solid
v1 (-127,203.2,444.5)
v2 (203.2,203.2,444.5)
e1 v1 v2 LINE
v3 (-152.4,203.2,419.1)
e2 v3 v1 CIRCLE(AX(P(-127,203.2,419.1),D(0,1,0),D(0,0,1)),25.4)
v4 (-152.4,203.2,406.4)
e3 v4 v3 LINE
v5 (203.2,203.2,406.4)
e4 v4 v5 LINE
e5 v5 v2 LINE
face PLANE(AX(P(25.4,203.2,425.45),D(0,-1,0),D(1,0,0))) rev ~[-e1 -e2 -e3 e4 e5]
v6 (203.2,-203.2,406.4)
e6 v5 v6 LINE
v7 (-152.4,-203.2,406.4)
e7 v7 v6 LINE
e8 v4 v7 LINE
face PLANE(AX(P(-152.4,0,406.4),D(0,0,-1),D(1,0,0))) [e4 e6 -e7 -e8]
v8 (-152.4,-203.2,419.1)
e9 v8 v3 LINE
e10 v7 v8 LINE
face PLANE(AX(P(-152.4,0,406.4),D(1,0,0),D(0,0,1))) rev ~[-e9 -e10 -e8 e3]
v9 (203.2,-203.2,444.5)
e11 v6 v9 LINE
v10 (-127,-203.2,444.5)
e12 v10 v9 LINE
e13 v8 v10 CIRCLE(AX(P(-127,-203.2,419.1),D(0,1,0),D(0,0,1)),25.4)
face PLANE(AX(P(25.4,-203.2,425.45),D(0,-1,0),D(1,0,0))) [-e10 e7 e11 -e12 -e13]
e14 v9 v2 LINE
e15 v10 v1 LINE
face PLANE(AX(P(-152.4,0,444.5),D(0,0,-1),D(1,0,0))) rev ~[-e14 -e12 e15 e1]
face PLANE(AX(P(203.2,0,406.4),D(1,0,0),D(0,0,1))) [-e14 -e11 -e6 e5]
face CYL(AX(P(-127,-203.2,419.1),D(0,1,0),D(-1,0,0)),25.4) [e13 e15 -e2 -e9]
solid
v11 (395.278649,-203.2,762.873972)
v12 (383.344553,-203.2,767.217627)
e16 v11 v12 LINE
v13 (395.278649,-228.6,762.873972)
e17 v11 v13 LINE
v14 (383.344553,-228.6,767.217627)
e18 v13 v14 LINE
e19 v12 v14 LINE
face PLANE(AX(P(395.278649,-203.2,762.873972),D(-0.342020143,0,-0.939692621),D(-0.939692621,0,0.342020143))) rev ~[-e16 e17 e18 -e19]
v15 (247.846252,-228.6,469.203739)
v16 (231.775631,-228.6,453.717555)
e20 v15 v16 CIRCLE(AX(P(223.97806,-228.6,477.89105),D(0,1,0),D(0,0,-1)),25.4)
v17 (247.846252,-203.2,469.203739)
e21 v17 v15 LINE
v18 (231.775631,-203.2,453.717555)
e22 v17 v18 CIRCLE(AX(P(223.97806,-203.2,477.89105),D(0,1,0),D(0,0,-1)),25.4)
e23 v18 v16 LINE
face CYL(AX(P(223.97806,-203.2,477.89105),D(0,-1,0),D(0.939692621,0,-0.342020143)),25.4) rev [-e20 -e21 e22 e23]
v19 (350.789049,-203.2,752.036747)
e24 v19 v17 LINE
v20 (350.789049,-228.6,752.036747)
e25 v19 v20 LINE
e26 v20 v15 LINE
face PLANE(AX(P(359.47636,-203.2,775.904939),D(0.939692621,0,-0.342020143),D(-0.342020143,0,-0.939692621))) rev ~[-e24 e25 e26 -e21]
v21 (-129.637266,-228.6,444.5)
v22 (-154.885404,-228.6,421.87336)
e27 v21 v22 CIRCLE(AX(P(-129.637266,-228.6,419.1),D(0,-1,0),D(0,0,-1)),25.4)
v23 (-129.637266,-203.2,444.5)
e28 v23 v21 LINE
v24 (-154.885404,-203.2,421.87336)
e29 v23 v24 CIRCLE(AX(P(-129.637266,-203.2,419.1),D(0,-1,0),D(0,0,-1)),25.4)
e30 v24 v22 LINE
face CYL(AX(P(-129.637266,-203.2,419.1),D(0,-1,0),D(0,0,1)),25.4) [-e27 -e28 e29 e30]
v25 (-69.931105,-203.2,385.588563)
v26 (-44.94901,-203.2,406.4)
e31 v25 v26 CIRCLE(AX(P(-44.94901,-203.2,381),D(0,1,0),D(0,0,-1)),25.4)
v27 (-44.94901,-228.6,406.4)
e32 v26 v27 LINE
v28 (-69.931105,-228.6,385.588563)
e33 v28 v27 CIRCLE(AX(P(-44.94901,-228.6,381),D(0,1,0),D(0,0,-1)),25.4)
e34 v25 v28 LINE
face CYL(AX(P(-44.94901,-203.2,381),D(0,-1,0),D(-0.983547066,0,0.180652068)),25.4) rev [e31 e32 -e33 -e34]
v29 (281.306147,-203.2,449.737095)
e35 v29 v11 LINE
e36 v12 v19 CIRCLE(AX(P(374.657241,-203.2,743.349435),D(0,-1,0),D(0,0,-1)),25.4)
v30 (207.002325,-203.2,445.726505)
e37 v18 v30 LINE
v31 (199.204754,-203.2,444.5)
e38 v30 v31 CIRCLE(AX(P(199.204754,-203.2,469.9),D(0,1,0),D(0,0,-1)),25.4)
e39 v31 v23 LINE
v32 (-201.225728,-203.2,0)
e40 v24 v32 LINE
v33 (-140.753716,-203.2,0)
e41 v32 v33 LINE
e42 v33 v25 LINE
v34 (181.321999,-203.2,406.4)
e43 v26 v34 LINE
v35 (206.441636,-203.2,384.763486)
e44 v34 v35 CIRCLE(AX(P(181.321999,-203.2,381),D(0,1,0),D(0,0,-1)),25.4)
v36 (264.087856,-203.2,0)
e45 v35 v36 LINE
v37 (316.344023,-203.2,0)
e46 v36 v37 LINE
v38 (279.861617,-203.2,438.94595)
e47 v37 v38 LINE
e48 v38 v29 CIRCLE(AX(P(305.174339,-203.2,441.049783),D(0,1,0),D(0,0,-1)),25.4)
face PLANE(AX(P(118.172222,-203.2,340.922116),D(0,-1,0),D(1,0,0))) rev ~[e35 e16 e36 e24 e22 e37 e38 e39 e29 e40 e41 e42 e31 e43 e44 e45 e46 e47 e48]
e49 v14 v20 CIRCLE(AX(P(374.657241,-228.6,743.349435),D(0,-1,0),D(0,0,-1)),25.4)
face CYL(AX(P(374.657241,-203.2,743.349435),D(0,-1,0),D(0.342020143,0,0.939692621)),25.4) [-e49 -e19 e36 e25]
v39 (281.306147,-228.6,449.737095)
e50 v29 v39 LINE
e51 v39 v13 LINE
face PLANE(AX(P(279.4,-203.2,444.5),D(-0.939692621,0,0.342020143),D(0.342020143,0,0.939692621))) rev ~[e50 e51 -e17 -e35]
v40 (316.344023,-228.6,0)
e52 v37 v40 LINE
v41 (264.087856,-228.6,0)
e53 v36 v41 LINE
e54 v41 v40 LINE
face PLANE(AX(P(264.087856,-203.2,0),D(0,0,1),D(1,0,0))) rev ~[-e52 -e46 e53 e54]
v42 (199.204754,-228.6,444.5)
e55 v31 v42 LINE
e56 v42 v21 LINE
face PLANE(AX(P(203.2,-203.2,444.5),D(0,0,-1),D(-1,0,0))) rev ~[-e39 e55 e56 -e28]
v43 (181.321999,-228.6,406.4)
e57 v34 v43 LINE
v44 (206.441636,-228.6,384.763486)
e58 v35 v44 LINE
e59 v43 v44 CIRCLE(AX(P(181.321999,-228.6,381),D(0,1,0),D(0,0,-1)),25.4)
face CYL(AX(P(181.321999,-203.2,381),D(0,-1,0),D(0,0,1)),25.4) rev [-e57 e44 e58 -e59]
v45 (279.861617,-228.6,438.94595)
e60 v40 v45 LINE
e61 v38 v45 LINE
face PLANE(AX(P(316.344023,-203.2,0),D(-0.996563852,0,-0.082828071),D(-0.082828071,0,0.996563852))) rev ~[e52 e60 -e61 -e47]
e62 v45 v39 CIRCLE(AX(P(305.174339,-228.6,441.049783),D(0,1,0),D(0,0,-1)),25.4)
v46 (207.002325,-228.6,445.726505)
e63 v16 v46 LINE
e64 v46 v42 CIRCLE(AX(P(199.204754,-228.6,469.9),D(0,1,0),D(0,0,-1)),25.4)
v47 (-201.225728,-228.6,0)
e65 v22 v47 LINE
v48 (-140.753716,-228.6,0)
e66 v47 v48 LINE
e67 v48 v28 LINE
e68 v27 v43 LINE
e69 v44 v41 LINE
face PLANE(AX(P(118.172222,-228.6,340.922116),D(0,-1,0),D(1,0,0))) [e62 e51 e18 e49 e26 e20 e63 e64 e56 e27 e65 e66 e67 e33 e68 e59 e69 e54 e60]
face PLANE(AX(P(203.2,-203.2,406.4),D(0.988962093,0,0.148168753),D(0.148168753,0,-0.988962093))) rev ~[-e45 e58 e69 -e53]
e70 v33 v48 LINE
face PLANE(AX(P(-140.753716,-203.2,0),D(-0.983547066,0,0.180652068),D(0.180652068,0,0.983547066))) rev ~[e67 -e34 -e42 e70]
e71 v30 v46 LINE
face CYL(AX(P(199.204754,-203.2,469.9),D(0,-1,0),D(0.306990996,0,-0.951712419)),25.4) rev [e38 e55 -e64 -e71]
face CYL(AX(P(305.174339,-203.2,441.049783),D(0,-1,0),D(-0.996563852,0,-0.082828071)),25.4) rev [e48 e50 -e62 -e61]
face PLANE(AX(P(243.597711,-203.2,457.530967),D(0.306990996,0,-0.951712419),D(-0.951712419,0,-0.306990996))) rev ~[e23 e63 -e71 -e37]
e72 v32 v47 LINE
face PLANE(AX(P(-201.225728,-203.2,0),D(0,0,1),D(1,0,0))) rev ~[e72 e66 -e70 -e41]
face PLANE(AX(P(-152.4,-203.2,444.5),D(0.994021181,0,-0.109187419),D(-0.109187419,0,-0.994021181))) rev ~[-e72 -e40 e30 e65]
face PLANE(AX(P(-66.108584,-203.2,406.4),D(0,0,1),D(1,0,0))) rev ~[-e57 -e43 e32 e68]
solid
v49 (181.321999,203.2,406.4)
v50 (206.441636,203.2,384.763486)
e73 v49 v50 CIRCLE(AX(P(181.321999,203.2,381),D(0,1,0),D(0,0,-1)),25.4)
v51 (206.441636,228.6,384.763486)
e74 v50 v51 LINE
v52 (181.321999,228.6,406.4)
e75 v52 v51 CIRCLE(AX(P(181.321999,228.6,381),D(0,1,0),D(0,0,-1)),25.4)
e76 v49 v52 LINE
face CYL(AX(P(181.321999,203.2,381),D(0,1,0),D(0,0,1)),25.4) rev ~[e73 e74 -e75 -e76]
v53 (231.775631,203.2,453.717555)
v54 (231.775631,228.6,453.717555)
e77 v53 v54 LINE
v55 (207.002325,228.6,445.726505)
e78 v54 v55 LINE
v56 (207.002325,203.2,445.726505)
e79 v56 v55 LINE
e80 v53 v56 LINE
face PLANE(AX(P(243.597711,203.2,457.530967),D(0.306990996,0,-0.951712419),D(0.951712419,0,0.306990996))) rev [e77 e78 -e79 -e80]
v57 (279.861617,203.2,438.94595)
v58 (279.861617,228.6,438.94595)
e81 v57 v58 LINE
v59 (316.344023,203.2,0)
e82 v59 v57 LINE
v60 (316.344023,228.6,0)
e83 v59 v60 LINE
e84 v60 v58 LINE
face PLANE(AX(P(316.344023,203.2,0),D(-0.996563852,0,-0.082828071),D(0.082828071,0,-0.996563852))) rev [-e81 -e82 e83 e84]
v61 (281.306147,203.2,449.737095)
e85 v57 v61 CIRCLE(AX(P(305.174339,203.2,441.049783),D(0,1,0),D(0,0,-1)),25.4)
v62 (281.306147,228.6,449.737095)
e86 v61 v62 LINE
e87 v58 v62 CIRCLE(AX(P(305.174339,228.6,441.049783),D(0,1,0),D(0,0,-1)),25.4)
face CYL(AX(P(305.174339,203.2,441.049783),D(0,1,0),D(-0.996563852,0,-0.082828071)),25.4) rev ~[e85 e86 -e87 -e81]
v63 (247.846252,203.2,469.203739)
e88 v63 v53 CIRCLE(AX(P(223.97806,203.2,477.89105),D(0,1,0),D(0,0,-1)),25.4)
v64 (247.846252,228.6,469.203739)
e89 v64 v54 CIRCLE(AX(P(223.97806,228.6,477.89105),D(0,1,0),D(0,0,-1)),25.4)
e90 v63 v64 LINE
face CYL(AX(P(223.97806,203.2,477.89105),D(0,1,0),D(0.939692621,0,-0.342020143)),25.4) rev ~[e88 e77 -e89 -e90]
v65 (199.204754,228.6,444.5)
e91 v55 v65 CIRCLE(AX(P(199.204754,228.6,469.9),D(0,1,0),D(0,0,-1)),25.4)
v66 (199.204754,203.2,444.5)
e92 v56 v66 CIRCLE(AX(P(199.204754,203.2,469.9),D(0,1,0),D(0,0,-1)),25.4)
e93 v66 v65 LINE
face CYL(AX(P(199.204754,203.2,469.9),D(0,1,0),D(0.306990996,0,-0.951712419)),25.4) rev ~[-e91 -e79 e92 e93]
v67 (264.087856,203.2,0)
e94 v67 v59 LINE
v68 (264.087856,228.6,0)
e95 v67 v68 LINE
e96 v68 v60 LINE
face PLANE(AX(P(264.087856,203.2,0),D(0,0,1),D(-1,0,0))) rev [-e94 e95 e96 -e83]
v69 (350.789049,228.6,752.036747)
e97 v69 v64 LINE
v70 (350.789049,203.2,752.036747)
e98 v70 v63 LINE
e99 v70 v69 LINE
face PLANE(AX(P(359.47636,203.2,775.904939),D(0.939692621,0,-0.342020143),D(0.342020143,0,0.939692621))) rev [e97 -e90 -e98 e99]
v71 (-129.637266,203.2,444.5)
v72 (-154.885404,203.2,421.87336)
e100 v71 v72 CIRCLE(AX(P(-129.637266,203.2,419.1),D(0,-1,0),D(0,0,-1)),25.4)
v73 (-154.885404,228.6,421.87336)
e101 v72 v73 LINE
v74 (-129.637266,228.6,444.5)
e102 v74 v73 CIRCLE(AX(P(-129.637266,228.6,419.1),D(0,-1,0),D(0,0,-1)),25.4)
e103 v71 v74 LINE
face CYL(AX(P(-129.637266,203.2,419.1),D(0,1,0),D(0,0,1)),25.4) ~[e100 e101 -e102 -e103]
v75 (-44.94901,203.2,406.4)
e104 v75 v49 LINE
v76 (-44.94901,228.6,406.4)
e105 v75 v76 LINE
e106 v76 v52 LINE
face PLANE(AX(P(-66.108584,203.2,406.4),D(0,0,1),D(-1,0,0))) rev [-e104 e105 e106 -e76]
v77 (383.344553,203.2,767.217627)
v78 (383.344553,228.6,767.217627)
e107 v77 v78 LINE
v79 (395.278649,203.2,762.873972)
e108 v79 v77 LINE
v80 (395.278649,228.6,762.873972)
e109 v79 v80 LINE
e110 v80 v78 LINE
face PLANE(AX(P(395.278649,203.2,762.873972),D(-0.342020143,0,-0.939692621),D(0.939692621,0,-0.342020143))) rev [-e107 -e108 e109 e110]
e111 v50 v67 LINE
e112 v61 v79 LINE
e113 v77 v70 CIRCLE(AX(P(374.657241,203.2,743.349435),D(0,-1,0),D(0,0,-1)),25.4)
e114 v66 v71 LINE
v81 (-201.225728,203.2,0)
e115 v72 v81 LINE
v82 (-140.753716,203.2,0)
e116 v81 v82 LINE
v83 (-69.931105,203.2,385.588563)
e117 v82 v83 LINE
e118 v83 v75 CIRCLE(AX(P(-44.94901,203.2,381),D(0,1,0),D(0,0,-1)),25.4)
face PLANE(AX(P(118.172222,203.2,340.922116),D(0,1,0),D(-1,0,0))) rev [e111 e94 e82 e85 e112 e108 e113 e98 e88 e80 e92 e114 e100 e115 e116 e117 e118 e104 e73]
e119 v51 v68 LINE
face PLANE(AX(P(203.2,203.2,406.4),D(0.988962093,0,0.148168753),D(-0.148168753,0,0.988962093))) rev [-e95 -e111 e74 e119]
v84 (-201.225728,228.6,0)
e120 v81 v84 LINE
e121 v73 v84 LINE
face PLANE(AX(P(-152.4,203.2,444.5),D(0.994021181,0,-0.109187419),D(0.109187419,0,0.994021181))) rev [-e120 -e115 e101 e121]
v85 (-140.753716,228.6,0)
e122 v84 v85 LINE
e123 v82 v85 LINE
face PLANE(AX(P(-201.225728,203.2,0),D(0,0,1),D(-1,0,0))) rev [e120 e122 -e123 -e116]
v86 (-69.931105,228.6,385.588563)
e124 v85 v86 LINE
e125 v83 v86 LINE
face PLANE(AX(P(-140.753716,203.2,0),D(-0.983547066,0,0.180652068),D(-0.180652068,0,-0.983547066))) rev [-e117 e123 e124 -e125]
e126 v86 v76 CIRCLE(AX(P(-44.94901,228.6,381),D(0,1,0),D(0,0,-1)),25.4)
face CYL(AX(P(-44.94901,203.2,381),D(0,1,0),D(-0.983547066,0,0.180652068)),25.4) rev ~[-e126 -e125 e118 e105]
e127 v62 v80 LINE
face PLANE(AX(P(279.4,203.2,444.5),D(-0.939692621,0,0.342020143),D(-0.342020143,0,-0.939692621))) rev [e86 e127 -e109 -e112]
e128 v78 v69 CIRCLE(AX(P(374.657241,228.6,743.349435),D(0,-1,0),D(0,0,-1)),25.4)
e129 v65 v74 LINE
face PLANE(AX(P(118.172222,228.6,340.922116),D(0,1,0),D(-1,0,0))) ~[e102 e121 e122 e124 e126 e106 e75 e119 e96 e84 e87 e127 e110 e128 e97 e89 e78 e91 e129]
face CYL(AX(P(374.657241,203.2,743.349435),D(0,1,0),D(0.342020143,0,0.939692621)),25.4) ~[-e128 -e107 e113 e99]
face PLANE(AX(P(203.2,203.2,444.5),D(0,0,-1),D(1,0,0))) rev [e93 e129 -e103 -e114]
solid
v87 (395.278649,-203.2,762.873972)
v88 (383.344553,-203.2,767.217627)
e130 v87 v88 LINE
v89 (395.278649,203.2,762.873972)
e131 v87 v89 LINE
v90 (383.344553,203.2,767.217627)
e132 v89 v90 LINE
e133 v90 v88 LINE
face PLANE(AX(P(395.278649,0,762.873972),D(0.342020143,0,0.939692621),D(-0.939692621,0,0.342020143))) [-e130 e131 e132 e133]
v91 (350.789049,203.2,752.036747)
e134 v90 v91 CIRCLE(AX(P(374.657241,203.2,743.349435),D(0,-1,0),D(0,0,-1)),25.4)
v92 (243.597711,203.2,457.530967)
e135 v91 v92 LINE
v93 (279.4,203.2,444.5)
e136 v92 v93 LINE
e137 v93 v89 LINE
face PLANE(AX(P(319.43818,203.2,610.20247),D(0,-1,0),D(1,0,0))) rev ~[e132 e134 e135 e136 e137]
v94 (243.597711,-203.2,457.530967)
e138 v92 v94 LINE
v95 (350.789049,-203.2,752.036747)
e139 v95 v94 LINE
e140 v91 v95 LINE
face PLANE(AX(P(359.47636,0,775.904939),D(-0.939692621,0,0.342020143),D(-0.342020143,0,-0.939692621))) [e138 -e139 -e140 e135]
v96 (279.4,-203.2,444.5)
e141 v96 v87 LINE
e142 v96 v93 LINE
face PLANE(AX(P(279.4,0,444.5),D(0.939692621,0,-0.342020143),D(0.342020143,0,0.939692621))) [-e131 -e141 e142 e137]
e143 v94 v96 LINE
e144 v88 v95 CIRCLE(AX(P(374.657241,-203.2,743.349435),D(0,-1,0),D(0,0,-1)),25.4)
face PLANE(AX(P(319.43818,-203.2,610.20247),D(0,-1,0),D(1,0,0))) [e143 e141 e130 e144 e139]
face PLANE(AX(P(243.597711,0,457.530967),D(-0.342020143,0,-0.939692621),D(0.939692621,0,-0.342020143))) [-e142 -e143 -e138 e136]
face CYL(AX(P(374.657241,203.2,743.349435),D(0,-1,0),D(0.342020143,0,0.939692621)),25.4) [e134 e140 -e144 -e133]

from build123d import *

# Parameters (mm, degrees)
F0_W          = 355.6
F0_H          = 38.1
F1_DEPTH      = 203.2
F1_DEPTH_BACK = 203.2
F4_DEPTH      = 25.4
F5_R          = 25.4
F5_2_R        = 25.4
F5_3_R        = 25.4


with BuildPart() as f1:
    # F0 (on Front) → F1 (new body, two sides)
    with BuildSketch(Plane.XZ) as f1_sk:
        with Locations((25.4, 425.45)):
            Rectangle(F0_W, F0_H)
    extrude(amount=F1_DEPTH)
    extrude(f1_sk.sketch, amount=-F1_DEPTH_BACK)

    # F5
    f5_edges = [f1.edges().sort_by_distance(p)[0] for p in [
        (-152.4, 0, 444.5),
    ]]
    fillet(f5_edges, radius=F5_R)


with BuildPart() as f1b:
    # F0 (on Front) → F1, piece 2 (new body, two sides)
    with BuildSketch(Plane.XZ) as f1_2_sk:
        Polygon((395.2786490417, 762.8739716389), (359.4763601897, 775.9049390996), (243.5977111481, 457.5309674607), (279.4, 444.5), align=None)
    extrude(amount=F1_DEPTH)
    extrude(f1_2_sk.sketch, amount=-F1_DEPTH_BACK)

    # F5#3
    f5_3_edges = [f1b.edges().sort_by_distance(p)[0] for p in [
        (359.47636, 0, 775.904939),
    ]]
    fillet(f5_3_edges, radius=F5_3_R)


with BuildPart() as f4:
    # F3 (on offset) → F4 (new body)
    with BuildSketch(Plane.XZ.offset(203.2)):
        Polygon((316.3440227509, 0), (279.4, 444.5), (395.2786490417, 762.8739716389), (359.4763601897, 775.9049390996), (243.5977111481, 457.5309674607), (203.2, 444.5), (-152.4, 444.5), (-201.2257277966, 0), (-140.7537162304, 0), (-66.108584404, 406.4), (203.2, 406.4), (264.0878558159, 0), align=None)
    extrude(amount=F4_DEPTH)

    # F5#2
    f5_2_edges = [f4.edges().sort_by_distance(p)[0] for p in [
        (-152.4, -215.9, 444.5),
        (359.47636, -215.9, 775.904939),
        (203.2, -215.9, 444.5),
        (243.597711, -215.9, 457.530967),
        (279.4, -215.9, 444.5),
        (203.2, -215.9, 406.4),
        (-66.108584, -215.9, 406.4),
    ]]
    fillet(f5_2_edges, radius=F5_2_R)


with BuildPart() as f6_1:
    # F6: instance of F4
    add(f4.part.mirror(Plane.XZ))


solid = Compound([f1.part, f1b.part, f4.part, f6_1.part])
